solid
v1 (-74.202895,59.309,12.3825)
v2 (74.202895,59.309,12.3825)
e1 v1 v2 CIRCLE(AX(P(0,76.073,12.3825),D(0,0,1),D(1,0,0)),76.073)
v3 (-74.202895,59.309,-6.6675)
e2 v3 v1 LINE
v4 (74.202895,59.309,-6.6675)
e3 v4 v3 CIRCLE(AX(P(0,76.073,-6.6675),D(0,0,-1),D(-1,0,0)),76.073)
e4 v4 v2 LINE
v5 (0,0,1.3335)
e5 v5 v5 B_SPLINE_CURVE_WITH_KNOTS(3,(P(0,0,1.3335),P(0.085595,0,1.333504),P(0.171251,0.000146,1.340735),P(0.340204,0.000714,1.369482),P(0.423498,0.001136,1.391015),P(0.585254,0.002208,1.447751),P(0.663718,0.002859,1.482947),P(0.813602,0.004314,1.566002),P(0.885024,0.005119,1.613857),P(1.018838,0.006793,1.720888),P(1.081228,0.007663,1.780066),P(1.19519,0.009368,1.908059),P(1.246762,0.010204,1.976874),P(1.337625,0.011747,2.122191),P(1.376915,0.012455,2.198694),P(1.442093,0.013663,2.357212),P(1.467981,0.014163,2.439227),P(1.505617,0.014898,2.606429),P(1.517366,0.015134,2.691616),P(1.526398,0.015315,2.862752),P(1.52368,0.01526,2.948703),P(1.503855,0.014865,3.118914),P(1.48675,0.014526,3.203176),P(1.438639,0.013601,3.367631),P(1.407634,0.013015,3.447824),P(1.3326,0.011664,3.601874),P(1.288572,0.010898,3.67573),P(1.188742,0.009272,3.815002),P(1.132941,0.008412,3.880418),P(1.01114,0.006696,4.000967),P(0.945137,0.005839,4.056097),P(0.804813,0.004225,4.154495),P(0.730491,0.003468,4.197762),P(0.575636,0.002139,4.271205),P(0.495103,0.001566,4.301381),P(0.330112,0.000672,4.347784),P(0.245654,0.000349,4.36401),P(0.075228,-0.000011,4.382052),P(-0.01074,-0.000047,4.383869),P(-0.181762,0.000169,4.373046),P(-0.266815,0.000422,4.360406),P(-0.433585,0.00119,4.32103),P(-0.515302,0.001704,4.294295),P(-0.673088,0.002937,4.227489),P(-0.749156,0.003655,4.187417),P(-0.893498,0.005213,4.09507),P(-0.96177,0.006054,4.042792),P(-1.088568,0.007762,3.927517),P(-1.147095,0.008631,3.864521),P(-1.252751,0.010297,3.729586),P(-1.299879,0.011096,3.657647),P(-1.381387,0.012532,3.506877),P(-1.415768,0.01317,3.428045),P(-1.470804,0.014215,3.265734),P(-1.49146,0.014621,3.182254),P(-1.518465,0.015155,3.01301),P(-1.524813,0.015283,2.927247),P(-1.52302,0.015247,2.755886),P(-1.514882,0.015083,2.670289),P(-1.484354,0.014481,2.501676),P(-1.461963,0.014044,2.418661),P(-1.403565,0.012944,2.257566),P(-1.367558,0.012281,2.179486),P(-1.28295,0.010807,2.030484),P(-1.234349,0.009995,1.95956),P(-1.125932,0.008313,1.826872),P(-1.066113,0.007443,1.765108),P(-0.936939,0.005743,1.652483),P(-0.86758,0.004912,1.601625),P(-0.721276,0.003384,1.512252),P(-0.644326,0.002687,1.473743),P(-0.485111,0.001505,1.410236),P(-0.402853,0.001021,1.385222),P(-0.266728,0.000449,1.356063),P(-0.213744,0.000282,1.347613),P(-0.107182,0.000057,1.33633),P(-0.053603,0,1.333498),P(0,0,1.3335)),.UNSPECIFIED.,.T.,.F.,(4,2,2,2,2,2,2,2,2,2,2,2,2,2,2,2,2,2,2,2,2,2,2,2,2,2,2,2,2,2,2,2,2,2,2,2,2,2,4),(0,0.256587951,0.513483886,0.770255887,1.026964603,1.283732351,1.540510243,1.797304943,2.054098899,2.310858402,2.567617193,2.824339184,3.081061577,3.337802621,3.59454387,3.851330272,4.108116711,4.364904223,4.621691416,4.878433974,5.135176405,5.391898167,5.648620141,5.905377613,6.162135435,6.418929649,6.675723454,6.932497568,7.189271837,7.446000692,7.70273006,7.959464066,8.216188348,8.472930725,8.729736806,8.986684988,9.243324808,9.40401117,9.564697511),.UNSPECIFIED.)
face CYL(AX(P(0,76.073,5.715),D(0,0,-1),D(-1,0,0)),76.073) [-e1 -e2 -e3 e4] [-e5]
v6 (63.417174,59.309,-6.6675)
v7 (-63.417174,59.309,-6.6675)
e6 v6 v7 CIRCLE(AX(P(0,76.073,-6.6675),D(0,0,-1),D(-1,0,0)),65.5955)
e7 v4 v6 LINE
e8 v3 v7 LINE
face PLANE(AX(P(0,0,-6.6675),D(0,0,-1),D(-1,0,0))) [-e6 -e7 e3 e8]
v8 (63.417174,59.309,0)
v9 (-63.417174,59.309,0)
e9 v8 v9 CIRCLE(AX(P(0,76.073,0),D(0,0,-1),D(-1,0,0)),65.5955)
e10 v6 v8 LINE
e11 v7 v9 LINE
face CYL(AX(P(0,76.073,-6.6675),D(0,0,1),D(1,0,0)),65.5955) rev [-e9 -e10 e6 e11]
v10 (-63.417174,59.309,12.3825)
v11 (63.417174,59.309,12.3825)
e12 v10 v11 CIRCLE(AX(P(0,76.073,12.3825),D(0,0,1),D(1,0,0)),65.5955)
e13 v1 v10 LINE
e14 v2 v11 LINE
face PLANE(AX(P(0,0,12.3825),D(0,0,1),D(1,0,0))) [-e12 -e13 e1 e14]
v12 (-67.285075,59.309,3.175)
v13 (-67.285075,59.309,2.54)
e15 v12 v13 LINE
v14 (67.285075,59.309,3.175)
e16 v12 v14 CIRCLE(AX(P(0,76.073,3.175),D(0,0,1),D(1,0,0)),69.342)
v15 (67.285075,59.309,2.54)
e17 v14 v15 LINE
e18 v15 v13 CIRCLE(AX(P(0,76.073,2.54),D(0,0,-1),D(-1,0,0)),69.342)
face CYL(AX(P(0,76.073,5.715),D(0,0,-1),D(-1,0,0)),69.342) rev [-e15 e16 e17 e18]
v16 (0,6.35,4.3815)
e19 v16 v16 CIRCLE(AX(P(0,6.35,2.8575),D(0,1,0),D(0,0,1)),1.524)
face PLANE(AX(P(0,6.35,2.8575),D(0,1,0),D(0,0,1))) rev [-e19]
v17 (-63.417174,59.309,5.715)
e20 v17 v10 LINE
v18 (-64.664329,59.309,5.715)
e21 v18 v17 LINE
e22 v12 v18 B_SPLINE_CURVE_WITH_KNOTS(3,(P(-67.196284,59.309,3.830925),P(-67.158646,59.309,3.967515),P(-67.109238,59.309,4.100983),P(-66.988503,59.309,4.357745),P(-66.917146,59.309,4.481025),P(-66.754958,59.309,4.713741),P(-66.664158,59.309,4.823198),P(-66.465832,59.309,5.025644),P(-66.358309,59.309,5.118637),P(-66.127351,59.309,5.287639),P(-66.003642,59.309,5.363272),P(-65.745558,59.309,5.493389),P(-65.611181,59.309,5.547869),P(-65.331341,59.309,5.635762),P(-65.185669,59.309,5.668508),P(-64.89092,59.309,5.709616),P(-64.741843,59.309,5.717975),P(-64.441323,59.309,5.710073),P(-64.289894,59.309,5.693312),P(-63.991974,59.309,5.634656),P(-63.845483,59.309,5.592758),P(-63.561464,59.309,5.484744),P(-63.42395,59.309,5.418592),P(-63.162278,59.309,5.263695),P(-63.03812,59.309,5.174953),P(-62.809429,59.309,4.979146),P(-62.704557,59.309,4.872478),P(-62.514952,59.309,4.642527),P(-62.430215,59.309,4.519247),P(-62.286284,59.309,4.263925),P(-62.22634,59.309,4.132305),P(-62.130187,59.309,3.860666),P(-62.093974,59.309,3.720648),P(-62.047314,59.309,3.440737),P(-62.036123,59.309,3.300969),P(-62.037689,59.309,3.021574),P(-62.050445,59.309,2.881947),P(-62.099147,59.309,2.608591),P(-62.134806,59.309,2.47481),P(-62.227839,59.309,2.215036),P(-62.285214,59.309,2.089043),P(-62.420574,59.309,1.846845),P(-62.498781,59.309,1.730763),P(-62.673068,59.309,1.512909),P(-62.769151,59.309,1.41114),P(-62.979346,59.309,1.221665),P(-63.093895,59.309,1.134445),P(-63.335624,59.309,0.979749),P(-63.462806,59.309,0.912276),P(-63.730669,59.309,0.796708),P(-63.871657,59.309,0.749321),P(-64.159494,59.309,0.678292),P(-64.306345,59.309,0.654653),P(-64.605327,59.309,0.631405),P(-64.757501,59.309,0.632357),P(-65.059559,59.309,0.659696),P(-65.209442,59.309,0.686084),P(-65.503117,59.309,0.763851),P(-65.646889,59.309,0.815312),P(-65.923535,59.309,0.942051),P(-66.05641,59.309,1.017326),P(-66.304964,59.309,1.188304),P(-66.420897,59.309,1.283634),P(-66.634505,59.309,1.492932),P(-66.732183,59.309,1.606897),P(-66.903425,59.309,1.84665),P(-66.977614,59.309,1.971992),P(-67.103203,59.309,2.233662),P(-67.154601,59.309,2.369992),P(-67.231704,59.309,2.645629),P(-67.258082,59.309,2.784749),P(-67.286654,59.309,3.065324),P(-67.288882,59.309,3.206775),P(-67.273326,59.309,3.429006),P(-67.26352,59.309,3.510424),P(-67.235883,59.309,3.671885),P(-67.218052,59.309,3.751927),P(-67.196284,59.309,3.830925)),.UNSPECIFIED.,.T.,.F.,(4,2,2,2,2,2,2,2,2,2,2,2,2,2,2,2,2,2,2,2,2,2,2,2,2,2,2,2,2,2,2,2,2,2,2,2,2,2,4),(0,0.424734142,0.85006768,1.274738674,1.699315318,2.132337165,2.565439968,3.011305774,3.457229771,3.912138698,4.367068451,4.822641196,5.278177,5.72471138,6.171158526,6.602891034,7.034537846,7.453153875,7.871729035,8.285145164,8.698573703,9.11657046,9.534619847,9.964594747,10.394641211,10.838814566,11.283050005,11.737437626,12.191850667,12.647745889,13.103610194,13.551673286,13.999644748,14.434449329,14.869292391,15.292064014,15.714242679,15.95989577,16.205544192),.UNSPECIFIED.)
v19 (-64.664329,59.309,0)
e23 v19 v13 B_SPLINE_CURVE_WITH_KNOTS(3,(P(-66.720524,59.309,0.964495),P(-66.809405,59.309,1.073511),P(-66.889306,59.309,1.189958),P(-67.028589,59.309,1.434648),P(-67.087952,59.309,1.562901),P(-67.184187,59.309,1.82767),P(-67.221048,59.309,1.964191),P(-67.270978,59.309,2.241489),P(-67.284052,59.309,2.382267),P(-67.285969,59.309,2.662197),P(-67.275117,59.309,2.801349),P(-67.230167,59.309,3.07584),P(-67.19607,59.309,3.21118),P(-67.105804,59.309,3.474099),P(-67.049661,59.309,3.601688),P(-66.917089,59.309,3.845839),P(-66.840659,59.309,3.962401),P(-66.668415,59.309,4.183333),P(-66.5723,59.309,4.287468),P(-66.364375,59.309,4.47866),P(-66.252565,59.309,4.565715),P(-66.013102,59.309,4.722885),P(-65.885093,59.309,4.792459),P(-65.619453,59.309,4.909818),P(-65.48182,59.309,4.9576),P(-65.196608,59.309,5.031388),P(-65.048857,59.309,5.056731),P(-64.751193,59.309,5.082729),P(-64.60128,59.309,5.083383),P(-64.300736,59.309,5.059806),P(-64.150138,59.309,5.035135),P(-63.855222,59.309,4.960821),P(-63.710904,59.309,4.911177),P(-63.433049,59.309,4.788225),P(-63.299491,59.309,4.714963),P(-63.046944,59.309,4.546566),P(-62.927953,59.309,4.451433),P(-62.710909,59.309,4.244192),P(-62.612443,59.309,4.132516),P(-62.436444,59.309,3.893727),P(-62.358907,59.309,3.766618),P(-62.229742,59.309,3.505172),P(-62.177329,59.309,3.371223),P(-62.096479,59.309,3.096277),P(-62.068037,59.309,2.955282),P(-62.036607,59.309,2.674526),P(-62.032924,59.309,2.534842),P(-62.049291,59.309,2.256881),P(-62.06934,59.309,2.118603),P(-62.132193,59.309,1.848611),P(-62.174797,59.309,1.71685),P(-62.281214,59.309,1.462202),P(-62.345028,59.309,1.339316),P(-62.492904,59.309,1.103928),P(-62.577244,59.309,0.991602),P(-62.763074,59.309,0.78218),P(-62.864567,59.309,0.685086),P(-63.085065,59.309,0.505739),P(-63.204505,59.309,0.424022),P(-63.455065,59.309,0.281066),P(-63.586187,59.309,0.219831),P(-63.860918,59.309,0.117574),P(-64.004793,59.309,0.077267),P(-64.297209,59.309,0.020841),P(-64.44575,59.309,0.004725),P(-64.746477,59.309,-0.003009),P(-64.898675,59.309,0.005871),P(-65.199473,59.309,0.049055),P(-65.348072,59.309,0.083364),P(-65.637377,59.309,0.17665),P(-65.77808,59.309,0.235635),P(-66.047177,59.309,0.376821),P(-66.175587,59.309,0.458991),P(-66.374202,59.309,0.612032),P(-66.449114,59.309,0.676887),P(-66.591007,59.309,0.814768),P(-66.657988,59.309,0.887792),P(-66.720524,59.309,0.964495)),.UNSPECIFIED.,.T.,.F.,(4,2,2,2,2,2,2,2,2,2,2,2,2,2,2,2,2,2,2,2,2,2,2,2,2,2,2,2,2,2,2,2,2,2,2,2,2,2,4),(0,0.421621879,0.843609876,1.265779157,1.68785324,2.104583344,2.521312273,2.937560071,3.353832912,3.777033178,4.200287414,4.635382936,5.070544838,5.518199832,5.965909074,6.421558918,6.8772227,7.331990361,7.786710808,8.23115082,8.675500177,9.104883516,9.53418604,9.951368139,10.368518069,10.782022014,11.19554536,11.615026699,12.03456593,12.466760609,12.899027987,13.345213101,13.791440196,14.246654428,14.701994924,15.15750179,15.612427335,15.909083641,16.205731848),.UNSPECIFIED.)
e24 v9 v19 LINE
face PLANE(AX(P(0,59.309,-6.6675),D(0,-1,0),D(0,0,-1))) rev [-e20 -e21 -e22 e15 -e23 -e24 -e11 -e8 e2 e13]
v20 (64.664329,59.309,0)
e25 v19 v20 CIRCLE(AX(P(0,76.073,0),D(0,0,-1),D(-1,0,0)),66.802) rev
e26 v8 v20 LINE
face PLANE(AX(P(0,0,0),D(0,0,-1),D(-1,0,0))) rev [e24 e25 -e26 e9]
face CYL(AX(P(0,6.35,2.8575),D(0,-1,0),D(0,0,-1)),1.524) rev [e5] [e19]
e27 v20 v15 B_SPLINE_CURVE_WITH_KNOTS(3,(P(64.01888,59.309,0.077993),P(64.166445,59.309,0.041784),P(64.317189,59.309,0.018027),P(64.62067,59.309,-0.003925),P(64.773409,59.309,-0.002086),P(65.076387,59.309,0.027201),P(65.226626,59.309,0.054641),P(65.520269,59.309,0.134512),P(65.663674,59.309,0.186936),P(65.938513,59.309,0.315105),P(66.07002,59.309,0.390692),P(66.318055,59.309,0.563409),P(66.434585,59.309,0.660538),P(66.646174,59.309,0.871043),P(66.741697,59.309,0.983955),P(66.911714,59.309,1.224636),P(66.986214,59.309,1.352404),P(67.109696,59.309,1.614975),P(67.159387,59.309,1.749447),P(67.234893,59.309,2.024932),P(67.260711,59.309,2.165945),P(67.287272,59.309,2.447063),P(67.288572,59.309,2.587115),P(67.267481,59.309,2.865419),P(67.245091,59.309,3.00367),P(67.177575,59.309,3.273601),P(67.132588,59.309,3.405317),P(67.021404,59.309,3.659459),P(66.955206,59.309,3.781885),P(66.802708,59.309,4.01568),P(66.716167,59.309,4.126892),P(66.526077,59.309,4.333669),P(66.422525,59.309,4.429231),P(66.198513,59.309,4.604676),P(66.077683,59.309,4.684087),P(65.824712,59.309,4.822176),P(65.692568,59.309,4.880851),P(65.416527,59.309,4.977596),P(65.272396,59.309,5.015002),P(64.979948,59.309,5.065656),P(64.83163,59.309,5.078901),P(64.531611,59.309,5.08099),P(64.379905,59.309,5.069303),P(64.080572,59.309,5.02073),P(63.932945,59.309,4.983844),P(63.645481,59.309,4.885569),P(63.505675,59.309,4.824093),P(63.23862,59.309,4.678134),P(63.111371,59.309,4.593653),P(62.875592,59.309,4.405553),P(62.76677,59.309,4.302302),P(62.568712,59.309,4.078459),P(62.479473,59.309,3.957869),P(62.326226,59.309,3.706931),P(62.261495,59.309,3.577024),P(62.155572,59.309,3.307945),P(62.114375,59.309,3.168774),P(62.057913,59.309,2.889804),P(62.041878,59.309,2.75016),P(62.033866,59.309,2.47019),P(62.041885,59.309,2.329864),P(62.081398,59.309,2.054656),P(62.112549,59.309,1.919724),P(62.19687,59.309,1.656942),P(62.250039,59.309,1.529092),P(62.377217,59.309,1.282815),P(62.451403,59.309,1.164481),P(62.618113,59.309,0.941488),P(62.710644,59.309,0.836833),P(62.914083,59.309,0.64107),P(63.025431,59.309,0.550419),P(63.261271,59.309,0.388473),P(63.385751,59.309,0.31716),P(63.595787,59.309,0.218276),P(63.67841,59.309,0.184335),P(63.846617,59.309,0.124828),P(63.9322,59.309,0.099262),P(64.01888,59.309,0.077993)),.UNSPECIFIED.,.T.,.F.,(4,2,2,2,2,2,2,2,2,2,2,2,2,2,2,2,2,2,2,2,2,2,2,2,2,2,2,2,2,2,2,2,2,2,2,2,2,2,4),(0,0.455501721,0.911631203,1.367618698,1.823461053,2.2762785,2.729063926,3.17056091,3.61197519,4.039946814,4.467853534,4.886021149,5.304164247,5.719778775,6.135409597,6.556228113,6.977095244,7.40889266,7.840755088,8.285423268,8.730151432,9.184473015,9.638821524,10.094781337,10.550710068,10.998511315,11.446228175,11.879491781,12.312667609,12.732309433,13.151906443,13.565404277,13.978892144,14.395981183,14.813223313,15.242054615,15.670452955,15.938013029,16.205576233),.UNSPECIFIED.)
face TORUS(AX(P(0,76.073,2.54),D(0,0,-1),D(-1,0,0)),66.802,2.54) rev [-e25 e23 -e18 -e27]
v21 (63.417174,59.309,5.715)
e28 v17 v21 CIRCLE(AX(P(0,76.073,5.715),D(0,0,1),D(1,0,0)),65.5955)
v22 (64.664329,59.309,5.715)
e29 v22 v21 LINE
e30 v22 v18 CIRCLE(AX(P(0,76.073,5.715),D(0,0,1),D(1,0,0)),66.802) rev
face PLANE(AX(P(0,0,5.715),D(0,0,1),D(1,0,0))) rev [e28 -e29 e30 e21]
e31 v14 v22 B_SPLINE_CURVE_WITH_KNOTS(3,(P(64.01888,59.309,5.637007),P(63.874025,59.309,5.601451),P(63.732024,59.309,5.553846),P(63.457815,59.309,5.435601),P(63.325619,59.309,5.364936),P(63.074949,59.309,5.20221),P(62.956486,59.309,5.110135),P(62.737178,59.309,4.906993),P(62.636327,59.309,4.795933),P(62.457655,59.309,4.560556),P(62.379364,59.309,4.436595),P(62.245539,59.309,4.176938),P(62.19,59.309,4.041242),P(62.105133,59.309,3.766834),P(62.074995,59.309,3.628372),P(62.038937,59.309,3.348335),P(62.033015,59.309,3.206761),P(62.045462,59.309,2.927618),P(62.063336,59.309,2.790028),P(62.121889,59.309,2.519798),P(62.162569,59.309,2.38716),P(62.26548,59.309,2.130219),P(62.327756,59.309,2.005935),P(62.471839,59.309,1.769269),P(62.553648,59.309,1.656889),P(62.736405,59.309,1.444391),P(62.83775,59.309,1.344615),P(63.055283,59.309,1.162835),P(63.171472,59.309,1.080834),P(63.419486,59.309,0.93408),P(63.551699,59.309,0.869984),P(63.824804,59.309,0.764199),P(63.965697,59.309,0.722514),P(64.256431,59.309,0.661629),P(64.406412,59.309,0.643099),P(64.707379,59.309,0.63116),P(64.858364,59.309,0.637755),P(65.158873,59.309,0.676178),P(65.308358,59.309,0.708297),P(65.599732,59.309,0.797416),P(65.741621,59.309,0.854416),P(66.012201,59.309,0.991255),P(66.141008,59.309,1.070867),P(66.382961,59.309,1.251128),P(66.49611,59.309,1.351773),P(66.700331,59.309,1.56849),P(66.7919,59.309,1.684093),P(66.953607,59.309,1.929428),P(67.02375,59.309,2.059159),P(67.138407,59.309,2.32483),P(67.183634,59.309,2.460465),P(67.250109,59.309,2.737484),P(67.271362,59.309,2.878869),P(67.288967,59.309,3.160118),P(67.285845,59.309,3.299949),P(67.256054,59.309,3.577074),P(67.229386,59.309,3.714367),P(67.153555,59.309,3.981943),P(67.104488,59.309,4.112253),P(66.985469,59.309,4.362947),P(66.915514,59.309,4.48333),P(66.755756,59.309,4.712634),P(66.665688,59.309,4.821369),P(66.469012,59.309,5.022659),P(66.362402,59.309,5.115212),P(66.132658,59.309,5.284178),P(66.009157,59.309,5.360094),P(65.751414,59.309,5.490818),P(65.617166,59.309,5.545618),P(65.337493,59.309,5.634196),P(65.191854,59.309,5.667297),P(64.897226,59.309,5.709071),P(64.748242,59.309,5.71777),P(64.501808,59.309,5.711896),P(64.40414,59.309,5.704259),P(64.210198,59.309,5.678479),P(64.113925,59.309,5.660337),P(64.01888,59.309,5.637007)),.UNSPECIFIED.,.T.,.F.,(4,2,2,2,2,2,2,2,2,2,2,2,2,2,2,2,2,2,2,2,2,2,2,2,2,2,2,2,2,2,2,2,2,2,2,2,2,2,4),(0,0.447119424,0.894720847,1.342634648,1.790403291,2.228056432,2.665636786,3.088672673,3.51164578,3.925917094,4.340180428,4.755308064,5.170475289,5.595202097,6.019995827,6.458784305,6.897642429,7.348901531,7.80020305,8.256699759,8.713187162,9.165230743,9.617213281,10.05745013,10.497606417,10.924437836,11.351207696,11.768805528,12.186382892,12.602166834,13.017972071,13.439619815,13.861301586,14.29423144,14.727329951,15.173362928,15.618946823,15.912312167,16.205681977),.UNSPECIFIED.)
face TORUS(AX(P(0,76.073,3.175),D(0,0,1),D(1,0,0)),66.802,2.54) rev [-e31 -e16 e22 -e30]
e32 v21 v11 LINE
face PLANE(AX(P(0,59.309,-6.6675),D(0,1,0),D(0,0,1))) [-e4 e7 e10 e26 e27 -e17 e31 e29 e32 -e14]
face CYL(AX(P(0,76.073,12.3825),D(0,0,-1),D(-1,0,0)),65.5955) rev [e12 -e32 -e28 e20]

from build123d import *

# Parameters (mm, degrees)
BOSS_EXTRUDE1_DEPTH = 5.715
BOSS_EXTRUDE2_DEPTH = 6.6675
BOSS_EXTRUDE3_START = 6.6675
BOSS_EXTRUDE3_DEPTH = 6.6675
FILLET1_R           = 2.54
SKETCH5_R           = 1.524
CUT_EXTRUDE1_DEPTH  = 6.35
CUT_EXTRUDE2_DEPTH  = 110.257060148


with BuildPart() as part:
    # Sketch1 → Boss-Extrude1 (new body)
    with BuildSketch(Plane.XY):
        with BuildLine():
            ThreePointArc((69.342, 76.073), (0, 6.731), (-69.342, 76.073))
            Line((-69.342, 76.073), (-76.073, 76.073))
            ThreePointArc((-76.073, 76.073), (0, 0), (76.073, 76.073))
            Line((76.073, 76.073), (69.342, 76.073))
        make_face()
    extrude(amount=BOSS_EXTRUDE1_DEPTH)

    # Sketch3 → Boss-Extrude2 (add)
    with BuildSketch(Plane.XY.offset(5.715)):
        with BuildLine():
            ThreePointArc((65.5955, 76.073), (0, 10.4775), (-65.5955, 76.073))
            Line((-65.5955, 76.073), (-69.342, 76.073))
            ThreePointArc((-69.342, 76.073), (0, 6.731), (69.342, 76.073))
            Line((69.342, 76.073), (65.5955, 76.073))
        make_face()
        with BuildLine():
            Line((76.073, 76.073), (69.342, 76.073))
            ThreePointArc((69.342, 76.073), (0, 6.731), (-69.342, 76.073))
            Line((-69.342, 76.073), (-76.073, 76.073))
            ThreePointArc((-76.073, 76.073), (0, 0), (76.073, 76.073))
        make_face()
    extrude(amount=BOSS_EXTRUDE2_DEPTH)

    # Sketch4 → Boss-Extrude3 (add)
    with BuildSketch(Plane(origin=(0, 0, 0), x_dir=(-1, 0, 0), z_dir=(0, 0, -1)).offset(BOSS_EXTRUDE3_START)):
        with BuildLine():
            ThreePointArc((65.5955, 76.073), (0, 10.4775), (-65.5955, 76.073))
            Line((-65.5955, 76.073), (-69.342, 76.073))
            ThreePointArc((-69.342, 76.073), (0, 6.731), (69.342, 76.073))
            Line((69.342, 76.073), (65.5955, 76.073))
        make_face()
        with BuildLine():
            Line((76.073, 76.073), (69.342, 76.073))
            ThreePointArc((69.342, 76.073), (0, 6.731), (-69.342, 76.073))
            Line((-69.342, 76.073), (-76.073, 76.073))
            ThreePointArc((-76.073, 76.073), (0, 0), (76.073, 76.073))
        make_face()
    extrude(amount=-BOSS_EXTRUDE3_DEPTH)

    # Fillet1
    fillet1_edges = [part.edges().sort_by_distance(p)[0] for p in [
        (0, 6.731, 5.715),
        (0, 6.731, 0),
    ]]
    fillet(fillet1_edges, radius=FILLET1_R)

    # Sketch5 → Cut-Extrude1 (cut)
    with BuildSketch(Plane(origin=(0, 0, 0), x_dir=(1, 0, 0), z_dir=(0, 1, 0))):
        with Locations(Location((0, -2.8575, 0), (0, 0, 90))):
            Circle(SKETCH5_R)
    extrude(amount=CUT_EXTRUDE1_DEPTH, mode=Mode.SUBTRACT)

    # Sketch6 → Cut-Extrude2 (cut, through all)
    with BuildSketch(Plane.XY.offset(12.3825)):
        with BuildLine():
            ThreePointArc((-76.073, 76.073), (-75.604028212, 67.639006454), (-74.202895045, 59.309))
            Line((-74.202895045, 59.309), (-63.417173733, 59.309))
            ThreePointArc((-63.417173733, 59.309), (-65.048638878, 67.620532885), (-65.5955, 76.073))
            Line((-65.5955, 76.073), (-76.073, 76.073))
        make_face()
        with BuildLine():
            ThreePointArc((74.202895045, 59.309), (75.604028212, 67.639006454), (76.073, 76.073))
            Line((76.073, 76.073), (65.5955, 76.073))
            ThreePointArc((65.5955, 76.073), (65.048638878, 67.620532885), (63.417173733, 59.309))
            Line((63.417173733, 59.309), (74.202895045, 59.309))
        make_face()
    extrude(amount=-CUT_EXTRUDE2_DEPTH, mode=Mode.SUBTRACT)


solid = part.part
